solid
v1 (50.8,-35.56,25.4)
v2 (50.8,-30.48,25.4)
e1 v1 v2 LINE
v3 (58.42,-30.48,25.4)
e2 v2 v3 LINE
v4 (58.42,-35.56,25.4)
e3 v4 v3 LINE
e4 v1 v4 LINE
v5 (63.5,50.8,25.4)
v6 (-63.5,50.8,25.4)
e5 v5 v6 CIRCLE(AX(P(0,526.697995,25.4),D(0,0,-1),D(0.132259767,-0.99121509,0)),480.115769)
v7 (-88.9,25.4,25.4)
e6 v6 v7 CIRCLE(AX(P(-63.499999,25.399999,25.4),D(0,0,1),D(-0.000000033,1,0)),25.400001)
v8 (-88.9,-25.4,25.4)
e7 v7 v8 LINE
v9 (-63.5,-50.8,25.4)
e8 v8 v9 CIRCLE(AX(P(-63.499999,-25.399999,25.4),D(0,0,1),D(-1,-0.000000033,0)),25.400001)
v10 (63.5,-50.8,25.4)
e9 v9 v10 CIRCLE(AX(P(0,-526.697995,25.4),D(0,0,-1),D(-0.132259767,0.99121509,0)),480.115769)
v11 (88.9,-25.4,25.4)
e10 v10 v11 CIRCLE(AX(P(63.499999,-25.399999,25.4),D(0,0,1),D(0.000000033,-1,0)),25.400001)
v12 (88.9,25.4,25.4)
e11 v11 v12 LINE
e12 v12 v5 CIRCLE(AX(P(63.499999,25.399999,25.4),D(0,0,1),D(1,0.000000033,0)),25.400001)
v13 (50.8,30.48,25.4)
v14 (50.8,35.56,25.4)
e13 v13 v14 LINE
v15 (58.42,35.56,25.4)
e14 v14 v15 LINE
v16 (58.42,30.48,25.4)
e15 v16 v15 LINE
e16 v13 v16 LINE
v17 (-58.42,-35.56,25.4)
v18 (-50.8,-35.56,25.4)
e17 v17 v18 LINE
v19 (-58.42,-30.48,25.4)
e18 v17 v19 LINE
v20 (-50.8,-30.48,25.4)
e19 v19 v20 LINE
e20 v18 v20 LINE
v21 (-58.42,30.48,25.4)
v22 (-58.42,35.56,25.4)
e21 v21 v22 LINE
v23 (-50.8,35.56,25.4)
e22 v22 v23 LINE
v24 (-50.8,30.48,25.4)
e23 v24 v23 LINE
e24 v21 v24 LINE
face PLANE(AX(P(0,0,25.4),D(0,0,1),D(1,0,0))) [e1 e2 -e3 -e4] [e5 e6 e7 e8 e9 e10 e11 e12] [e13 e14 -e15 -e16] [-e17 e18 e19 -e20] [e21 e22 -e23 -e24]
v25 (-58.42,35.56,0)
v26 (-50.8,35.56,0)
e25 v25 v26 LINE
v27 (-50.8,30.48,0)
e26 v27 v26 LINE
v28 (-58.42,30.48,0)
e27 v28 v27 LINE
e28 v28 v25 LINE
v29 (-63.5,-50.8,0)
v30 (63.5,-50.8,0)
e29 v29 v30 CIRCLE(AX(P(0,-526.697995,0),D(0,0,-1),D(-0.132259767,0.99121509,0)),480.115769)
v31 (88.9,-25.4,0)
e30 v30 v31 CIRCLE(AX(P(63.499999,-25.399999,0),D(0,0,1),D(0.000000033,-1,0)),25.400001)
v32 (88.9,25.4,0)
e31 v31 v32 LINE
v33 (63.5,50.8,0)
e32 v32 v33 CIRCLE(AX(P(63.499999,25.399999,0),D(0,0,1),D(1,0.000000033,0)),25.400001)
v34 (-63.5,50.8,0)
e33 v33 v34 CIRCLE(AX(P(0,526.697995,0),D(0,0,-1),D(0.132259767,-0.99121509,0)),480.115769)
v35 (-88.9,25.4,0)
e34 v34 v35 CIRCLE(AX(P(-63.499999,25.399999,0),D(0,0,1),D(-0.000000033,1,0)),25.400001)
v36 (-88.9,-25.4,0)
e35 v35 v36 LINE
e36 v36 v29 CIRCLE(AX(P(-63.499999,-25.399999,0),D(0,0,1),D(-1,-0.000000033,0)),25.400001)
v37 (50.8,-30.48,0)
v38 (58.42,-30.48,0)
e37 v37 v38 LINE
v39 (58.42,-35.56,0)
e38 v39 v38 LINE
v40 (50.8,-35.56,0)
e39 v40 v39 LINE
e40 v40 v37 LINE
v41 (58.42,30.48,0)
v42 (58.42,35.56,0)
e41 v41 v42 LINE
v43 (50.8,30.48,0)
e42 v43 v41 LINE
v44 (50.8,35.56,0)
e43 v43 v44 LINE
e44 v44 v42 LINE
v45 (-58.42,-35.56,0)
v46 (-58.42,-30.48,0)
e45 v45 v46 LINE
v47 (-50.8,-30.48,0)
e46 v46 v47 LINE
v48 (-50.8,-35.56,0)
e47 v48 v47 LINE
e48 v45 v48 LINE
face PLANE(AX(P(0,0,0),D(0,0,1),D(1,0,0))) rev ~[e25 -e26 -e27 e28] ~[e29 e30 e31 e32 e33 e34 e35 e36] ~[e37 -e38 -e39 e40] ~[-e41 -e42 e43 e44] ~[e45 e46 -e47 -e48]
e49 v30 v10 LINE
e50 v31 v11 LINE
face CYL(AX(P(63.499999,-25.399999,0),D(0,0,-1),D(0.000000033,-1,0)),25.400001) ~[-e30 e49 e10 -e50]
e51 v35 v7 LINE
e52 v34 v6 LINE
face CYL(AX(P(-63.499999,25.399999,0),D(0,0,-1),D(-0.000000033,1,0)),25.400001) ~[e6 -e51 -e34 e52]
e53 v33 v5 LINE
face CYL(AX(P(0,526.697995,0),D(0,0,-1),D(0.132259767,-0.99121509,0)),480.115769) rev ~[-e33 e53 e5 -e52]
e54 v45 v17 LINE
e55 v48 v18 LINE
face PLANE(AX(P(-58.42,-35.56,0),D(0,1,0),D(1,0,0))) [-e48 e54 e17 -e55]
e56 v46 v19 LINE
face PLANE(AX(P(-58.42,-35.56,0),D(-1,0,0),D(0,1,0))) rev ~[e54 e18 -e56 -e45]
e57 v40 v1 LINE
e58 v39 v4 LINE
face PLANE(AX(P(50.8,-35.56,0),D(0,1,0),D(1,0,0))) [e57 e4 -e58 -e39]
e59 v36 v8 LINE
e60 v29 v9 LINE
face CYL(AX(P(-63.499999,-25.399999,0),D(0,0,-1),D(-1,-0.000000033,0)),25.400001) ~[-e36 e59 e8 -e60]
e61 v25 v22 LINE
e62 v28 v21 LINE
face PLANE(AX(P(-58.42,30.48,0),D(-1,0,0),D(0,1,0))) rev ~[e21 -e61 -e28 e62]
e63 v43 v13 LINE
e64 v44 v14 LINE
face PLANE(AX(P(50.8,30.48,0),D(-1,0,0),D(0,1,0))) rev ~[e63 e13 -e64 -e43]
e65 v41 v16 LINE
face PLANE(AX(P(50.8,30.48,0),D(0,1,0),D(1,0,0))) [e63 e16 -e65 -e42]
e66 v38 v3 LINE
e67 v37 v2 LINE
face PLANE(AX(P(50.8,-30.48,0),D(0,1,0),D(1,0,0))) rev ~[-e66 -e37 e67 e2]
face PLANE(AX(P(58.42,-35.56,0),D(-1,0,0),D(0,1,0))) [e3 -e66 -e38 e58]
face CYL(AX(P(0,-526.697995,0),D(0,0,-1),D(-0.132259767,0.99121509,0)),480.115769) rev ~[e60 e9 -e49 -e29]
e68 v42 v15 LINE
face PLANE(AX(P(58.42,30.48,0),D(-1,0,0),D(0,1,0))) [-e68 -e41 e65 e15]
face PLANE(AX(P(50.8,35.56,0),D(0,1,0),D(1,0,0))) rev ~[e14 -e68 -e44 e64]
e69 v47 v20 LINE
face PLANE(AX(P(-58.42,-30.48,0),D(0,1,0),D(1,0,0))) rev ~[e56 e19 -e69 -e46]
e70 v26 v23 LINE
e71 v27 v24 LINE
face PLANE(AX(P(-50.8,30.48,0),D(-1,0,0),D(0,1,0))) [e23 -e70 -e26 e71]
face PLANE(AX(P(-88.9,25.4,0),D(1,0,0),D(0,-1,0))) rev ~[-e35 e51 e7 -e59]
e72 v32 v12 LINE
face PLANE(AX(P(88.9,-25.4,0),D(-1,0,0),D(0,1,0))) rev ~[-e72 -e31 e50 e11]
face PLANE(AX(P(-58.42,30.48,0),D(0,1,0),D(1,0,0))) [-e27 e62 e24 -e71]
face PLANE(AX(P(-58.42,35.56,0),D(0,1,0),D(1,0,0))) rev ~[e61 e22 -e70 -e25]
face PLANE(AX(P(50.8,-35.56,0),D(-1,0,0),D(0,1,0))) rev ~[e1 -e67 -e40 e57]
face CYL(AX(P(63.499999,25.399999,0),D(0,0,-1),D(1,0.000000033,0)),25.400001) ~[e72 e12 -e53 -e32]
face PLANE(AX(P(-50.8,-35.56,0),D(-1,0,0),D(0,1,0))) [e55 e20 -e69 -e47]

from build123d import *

# Parameters (mm, degrees)
F0_W     = 7.62
F0_H     = 5.08
F1_DEPTH = 25.4


with BuildPart() as f1:
    # F0 (on Top) → F1 (new body)
    with BuildSketch(Plane.XY):
        with BuildLine():
            ThreePointArc((63.5, -50.8), (81.460512, -43.360512), (88.9, -25.4))
            Line((88.9, -25.4), (88.9, 25.4))
            ThreePointArc((88.9, 25.4), (81.460512, 43.360512), (63.5, 50.8))
            ThreePointArc((63.5, 50.8), (0, 46.582226), (-63.5, 50.8))
            ThreePointArc((-63.5, 50.8), (-81.460512, 43.360512), (-88.9, 25.4))
            Line((-88.9, 25.4), (-88.9, -25.4))
            ThreePointArc((-88.9, -25.4), (-81.460512, -43.360512), (-63.5, -50.8))
            ThreePointArc((-63.5, -50.8), (0, -46.582226), (63.5, -50.8))
        make_face()
        with Locations((-54.61, -33.02)):
            Rectangle(F0_W, F0_H, mode=Mode.SUBTRACT)
        with Locations((54.61, -33.02)):
            Rectangle(F0_W, F0_H, mode=Mode.SUBTRACT)
        with Locations((-54.61, 33.02)):
            Rectangle(F0_W, F0_H, mode=Mode.SUBTRACT)
        with Locations((54.61, 33.02)):
            Rectangle(F0_W, F0_H, mode=Mode.SUBTRACT)
    extrude(amount=F1_DEPTH)


solid = f1.part
